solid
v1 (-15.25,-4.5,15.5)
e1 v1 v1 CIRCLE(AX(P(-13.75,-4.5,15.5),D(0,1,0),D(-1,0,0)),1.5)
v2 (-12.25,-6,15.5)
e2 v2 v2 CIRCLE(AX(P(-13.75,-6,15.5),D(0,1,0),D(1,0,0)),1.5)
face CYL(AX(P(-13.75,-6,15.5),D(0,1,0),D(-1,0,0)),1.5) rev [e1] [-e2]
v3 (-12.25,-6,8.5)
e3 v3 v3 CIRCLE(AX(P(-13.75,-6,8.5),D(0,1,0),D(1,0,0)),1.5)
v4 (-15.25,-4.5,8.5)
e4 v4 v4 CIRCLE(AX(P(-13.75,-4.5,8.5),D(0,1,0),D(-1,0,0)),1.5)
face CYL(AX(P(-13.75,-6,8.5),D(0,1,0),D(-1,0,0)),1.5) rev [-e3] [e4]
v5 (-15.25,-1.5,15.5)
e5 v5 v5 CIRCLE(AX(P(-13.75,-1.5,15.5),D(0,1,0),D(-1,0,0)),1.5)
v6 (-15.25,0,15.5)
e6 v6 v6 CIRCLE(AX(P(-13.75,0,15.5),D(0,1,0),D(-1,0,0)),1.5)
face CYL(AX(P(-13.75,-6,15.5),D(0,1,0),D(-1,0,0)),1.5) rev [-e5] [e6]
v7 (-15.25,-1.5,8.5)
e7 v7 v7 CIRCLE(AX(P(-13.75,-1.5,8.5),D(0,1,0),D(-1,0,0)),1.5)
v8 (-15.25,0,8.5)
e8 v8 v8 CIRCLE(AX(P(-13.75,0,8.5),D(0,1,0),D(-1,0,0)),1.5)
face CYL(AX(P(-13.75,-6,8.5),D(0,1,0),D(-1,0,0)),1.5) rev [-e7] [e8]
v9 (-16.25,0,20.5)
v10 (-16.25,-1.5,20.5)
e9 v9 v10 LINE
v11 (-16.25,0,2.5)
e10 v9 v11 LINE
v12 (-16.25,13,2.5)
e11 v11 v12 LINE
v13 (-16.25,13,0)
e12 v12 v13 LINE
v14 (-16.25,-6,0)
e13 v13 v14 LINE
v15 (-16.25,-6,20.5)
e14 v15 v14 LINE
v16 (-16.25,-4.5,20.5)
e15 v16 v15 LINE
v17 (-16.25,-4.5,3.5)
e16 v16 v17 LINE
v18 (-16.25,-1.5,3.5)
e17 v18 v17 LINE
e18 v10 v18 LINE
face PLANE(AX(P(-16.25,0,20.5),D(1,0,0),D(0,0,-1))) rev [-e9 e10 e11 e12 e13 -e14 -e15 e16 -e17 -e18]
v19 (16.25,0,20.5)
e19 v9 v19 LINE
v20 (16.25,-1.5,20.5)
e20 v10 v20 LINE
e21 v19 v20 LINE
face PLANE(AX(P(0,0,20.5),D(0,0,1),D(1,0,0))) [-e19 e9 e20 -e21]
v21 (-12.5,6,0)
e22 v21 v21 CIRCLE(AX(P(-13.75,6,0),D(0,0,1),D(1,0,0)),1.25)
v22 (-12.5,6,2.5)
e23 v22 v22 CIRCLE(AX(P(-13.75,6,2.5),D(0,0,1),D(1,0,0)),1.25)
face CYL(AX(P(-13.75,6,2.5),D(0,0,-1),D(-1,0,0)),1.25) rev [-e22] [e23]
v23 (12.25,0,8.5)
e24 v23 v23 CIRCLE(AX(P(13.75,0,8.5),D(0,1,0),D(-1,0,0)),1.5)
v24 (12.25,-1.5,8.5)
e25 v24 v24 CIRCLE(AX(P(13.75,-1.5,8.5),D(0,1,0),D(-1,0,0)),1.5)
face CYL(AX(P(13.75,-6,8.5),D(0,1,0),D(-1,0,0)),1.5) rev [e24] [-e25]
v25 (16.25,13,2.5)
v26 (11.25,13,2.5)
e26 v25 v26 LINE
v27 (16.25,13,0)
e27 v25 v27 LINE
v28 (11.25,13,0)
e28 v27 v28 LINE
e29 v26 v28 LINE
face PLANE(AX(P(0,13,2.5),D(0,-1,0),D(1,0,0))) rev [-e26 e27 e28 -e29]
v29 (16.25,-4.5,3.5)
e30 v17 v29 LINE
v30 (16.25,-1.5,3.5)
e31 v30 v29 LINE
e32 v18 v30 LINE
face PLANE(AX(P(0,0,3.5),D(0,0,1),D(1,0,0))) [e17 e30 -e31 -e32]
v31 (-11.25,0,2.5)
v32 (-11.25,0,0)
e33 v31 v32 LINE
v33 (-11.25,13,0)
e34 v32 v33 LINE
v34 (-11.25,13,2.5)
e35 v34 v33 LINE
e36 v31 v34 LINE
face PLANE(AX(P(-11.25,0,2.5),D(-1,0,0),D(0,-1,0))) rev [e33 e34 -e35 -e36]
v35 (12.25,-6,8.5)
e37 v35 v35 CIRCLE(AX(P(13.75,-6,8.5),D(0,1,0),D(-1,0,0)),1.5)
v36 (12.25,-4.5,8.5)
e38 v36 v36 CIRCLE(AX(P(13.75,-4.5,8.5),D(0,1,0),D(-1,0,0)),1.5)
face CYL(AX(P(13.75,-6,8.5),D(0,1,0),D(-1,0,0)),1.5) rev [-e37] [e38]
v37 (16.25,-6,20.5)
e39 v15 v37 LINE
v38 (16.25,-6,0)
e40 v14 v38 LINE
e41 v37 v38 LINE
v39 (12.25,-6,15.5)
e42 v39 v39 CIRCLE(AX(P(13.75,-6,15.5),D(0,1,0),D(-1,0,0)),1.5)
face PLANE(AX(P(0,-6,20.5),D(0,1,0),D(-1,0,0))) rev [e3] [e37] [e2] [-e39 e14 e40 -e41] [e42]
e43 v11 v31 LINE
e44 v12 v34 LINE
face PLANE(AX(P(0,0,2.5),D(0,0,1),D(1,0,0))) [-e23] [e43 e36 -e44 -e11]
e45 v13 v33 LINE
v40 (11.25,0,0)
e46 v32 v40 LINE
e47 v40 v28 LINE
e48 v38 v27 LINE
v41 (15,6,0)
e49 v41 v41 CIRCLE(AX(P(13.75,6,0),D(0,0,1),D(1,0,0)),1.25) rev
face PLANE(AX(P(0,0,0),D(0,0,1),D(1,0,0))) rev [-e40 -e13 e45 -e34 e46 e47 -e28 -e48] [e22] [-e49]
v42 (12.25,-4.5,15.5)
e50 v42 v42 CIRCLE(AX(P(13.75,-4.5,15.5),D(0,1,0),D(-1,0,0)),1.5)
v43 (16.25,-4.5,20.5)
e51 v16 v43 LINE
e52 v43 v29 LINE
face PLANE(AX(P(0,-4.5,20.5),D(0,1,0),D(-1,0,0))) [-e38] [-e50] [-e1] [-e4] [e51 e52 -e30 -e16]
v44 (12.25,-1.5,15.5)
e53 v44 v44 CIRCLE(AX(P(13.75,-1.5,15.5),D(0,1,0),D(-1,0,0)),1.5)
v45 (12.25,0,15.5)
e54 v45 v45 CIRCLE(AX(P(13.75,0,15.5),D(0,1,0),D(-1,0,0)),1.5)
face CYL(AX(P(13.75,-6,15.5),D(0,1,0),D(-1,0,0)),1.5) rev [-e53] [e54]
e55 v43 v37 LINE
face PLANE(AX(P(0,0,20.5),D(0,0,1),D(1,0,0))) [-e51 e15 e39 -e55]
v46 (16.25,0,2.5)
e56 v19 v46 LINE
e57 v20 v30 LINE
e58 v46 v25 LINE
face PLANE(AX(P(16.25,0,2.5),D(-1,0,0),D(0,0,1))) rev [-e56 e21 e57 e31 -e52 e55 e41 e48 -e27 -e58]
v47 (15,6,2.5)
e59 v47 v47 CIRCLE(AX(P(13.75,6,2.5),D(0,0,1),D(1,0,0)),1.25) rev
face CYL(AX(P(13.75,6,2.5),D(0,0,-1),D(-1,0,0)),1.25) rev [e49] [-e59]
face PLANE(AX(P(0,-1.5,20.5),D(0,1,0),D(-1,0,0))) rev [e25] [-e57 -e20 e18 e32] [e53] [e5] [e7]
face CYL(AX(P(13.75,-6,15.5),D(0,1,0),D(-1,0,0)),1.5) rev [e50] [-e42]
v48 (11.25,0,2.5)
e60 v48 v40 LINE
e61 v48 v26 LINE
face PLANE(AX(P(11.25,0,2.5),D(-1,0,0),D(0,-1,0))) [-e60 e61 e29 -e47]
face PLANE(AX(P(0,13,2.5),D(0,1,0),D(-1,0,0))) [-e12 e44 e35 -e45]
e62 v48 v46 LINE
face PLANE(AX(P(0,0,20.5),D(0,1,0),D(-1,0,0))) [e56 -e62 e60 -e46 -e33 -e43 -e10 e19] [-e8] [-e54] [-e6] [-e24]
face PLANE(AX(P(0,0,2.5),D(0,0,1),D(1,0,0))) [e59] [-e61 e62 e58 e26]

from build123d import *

# Parameters (mm, degrees)
SKETCH1_W               = 5
SKETCH1_H               = 13
SKETCH1_R               = 1.25
BOSS_EXTRUDE1_DEPTH     = 2.5
BOSS_EXTRUDE1_2_DEPTH   = 2.5
SKETCH1_5_W             = 32.5
SKETCH1_5_H             = 1.5
BOSS_EXTRUDE2_DEPTH     = 20.5
SKETCH1_6_W             = 32.5
SKETCH1_6_H             = 3
BOSS_EXTRUDE3_DEPTH     = 3.5
SKETCH2_R               = 1.5
CUT_EXTRUDE2_DEPTH      = 14
CUT_EXTRUDE2_DEPTH_BACK = 7


with BuildPart() as part:
    # Sketch1 → Boss-Extrude1 (new body)
    with BuildSketch(Plane.XY):
        with Locations((-13.75, 6.5)):
            Rectangle(SKETCH1_W, SKETCH1_H)
        with Locations((-13.75, 6)):
            Circle(SKETCH1_R, mode=Mode.SUBTRACT)
    extrude(amount=BOSS_EXTRUDE1_DEPTH)



with BuildPart() as body_2:
    # Sketch1 → Boss-Extrude1 2 (new body)
    with BuildSketch(Plane.XY):
        with Locations((13.75, 6.5)):
            Rectangle(SKETCH1_W, SKETCH1_H)
        with Locations((13.75, 6)):
            Circle(SKETCH1_R, mode=Mode.SUBTRACT)
    extrude(amount=BOSS_EXTRUDE1_2_DEPTH)


with BuildPart() as part_1:
    add(part.part)

    add(body_2.part)  # Boss-Extrude2 merges body 2
    # Sketch1<5> → Boss-Extrude2 (add)
    with BuildSketch(Plane.XY):
        with Locations((0, -0.75)):
            Rectangle(SKETCH1_5_W, SKETCH1_5_H)
        with Locations((0, -5.25)):
            Rectangle(SKETCH1_5_W, SKETCH1_5_H)
    extrude(amount=BOSS_EXTRUDE2_DEPTH)

    # Sketch1<6> → Boss-Extrude3 (add)
    with BuildSketch(Plane.XY):
        with Locations((0, -3)):
            Rectangle(SKETCH1_6_W, SKETCH1_6_H)
    extrude(amount=BOSS_EXTRUDE3_DEPTH)

    # Sketch2 → Cut-Extrude2 (cut, two sides)
    with BuildSketch(Plane(origin=(0, 0, 0), x_dir=(1, 0, 0), z_dir=(0, 1, 0))) as cut_extrude2_sk:
        with Locations((13.75, -8.5)):
            Circle(SKETCH2_R)
        with Locations((13.75, -15.5)):
            Circle(SKETCH2_R)
        with Locations((-13.75, -15.5)):
            Circle(SKETCH2_R)
        with Locations((-13.75, -8.5)):
            Circle(SKETCH2_R)
    extrude(amount=CUT_EXTRUDE2_DEPTH, mode=Mode.SUBTRACT)
    extrude(cut_extrude2_sk.sketch, amount=-CUT_EXTRUDE2_DEPTH_BACK, mode=Mode.SUBTRACT)


solid = part_1.part
